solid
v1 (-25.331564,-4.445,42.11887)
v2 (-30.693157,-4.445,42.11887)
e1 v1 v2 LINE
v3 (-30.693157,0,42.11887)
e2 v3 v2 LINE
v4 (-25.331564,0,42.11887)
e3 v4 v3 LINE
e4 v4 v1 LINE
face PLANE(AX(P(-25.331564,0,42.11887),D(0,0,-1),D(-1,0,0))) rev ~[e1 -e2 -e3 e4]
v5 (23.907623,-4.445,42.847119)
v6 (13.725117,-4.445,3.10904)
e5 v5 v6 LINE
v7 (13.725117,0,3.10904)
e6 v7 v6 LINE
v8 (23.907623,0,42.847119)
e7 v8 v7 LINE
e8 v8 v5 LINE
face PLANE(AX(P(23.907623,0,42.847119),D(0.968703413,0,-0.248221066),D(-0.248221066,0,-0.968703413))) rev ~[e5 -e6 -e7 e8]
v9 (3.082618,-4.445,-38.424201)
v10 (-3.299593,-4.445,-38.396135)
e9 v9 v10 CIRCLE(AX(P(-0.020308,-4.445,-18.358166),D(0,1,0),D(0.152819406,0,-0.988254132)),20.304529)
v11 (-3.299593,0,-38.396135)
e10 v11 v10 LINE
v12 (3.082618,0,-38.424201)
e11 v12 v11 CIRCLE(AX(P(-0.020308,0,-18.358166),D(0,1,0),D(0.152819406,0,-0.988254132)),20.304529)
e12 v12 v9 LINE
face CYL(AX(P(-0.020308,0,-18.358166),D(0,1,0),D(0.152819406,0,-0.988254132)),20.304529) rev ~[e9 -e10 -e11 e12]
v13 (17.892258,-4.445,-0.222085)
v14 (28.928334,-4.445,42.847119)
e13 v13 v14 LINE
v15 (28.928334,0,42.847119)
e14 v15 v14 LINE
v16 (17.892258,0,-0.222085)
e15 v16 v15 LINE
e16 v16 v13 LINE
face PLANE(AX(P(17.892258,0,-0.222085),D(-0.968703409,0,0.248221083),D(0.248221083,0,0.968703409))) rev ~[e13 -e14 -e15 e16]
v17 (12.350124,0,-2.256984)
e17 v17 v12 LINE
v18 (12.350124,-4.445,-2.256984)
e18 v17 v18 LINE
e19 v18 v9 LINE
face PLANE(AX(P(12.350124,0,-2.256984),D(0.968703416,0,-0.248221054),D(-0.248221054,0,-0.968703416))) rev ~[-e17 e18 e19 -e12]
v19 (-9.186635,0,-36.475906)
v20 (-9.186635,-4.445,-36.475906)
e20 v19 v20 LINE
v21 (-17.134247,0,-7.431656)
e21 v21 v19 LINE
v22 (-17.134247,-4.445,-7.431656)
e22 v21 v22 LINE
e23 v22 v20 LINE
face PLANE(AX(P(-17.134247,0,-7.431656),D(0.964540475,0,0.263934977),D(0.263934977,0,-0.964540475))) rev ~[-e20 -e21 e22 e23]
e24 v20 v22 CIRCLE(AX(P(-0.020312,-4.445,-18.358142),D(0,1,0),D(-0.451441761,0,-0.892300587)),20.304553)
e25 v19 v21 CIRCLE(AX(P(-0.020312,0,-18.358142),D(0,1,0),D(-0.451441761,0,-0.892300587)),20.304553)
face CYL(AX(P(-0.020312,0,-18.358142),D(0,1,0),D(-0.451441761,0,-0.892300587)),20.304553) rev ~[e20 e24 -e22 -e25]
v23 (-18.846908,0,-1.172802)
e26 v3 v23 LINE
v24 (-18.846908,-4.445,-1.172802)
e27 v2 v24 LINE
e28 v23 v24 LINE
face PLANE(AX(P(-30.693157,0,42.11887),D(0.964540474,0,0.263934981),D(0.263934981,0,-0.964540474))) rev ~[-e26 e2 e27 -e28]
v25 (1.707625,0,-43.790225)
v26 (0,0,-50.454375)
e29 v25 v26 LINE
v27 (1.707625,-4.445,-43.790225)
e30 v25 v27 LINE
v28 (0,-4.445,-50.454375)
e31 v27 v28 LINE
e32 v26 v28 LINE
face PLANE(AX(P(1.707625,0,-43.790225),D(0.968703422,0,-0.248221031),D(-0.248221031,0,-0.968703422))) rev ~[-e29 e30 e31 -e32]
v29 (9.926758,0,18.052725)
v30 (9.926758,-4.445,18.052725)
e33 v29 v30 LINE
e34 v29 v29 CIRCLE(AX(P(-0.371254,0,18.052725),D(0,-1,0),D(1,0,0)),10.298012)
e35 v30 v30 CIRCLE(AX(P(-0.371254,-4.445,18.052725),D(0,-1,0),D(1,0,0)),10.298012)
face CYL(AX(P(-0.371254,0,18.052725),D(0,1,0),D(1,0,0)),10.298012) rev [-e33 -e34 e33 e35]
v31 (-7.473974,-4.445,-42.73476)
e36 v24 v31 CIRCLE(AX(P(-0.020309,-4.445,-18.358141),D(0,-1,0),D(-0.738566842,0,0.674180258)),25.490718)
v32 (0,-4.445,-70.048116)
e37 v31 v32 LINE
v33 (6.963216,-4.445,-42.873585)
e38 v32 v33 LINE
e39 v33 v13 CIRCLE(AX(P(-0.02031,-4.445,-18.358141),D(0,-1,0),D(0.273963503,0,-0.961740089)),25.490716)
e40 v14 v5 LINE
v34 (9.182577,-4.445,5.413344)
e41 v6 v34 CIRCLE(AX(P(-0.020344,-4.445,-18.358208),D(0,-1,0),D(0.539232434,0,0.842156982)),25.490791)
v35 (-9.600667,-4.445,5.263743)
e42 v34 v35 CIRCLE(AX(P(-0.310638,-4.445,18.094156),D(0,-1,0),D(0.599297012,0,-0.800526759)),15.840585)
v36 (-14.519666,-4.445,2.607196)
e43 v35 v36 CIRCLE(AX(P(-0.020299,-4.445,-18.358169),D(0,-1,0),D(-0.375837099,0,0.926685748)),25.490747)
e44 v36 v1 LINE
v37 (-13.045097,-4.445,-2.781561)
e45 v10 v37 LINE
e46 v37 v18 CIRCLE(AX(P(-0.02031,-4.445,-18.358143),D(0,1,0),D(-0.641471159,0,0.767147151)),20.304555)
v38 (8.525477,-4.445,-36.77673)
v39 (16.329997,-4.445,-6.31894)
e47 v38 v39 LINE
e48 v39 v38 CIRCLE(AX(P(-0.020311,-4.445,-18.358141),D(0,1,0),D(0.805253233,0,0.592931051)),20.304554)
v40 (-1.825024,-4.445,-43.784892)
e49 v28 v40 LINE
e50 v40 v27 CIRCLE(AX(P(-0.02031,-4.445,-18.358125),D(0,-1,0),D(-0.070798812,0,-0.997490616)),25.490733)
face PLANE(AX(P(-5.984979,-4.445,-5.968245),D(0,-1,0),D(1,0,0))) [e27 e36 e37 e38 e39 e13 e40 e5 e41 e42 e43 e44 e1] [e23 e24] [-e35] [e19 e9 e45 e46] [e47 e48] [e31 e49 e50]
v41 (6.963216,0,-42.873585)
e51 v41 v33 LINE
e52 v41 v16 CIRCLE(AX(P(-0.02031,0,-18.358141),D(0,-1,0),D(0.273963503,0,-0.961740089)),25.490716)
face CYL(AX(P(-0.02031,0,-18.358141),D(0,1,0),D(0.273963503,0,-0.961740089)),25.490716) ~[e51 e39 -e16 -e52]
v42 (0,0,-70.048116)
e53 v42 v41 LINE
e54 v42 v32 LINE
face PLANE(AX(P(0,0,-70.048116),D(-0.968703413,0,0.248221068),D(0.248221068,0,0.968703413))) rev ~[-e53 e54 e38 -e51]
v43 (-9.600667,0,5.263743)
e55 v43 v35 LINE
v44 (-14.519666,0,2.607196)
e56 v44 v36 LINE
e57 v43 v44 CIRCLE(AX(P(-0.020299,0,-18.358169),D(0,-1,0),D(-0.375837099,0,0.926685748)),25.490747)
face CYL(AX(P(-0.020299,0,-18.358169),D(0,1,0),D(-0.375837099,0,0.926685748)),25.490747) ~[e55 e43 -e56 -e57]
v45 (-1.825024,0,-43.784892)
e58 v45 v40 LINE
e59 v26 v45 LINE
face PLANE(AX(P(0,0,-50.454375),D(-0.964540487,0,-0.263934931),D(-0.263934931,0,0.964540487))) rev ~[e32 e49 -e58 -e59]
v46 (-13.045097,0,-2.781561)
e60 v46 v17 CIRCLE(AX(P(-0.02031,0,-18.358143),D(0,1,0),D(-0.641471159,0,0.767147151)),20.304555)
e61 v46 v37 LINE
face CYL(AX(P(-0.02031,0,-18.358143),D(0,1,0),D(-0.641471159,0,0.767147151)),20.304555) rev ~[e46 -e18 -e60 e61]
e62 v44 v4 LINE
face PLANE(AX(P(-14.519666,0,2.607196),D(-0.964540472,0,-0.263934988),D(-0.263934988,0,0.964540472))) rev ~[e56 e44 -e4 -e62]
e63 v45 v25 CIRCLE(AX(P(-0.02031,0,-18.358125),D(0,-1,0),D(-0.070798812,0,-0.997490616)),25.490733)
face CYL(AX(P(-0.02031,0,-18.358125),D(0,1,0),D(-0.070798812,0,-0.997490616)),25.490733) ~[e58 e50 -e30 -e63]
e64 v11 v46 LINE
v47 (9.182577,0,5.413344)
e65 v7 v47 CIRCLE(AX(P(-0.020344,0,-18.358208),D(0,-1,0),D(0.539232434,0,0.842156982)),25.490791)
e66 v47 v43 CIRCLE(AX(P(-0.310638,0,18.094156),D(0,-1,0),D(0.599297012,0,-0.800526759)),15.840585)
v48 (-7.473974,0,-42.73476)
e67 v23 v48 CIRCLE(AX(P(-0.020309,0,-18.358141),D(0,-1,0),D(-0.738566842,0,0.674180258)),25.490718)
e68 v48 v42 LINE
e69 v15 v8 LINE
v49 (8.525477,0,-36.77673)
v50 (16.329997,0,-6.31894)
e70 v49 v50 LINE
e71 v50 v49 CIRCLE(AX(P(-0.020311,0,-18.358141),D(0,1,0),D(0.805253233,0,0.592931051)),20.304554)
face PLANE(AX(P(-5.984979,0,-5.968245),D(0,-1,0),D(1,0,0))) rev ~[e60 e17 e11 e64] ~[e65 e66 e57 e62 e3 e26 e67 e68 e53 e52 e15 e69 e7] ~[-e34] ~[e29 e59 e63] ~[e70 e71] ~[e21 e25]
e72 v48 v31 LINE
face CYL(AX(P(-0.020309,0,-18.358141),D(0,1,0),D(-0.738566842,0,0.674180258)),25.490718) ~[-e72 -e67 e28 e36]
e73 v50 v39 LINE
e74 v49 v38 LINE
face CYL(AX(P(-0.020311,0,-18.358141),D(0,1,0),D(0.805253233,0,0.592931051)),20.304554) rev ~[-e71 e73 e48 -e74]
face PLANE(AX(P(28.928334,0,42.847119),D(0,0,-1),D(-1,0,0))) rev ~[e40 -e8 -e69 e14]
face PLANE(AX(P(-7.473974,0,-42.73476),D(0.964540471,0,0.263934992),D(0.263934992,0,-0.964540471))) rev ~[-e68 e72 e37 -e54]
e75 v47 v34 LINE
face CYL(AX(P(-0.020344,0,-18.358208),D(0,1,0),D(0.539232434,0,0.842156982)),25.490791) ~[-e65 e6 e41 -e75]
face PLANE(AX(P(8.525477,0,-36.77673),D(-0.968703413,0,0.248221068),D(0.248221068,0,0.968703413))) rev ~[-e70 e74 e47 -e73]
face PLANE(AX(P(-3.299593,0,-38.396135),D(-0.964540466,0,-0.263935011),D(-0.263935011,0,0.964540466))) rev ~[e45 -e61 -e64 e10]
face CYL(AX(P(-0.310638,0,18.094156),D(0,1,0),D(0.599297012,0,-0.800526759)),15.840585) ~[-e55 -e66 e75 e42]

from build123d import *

# Parameters (mm, degrees)
F0_R     = 10.298012
F1_DEPTH = 4.445


with BuildPart() as f1:
    # F0 (on Front) → F1 (new body)
    with BuildSketch(Plane.XZ):
        with BuildLine():
            Line((-7.473974, -42.73476), (0, -70.048116))
            Line((0, -70.048116), (6.963216, -42.873585))
            ThreePointArc((6.963216, -42.873585), (24.672634, -24.685474), (17.892258, -0.222085))
            ThreePointArc((17.892258, -0.222085), (15.896074, 1.552794), (13.725117, 3.10904))
            ThreePointArc((13.725117, 3.10904), (11.511547, 4.374938), (9.182577, 5.413344))
            ThreePointArc((9.182577, 5.413344), (-0.436797, 33.934239), (-9.600667, 5.263743))
            ThreePointArc((-9.600667, 5.263743), (-12.133214, 4.070729), (-14.519666, 2.607196))
            Line((-14.519666, 2.607196), (-25.331564, 42.11887))
            Line((-25.331564, 42.11887), (-30.693157, 42.11887))
            Line((-30.693157, 42.11887), (-18.846908, -1.172802))
            ThreePointArc((-18.846908, -1.172802), (-24.607138, -25.086033), (-7.473974, -42.73476))
        make_face()
        with BuildLine():
            ThreePointArc((-9.186635, -36.475906), (-19.604875, -23.717223), (-17.134247, -7.431656))
            Line((-17.134247, -7.431656), (-9.186635, -36.475906))
        make_face(mode=Mode.SUBTRACT)
        with BuildLine():
            Line((1.707625, -43.790225), (0, -50.454375))
            Line((0, -50.454375), (-1.825024, -43.784892))
            ThreePointArc((-1.825024, -43.784892), (-0.058792, -43.848829), (1.707625, -43.790225))
        make_face(mode=Mode.SUBTRACT)
        with BuildLine():
            Line((-3.299593, -38.396135), (-13.045097, -2.781561))
            ThreePointArc((-13.045097, -2.781561), (-0.439642, 1.942082), (12.350124, -2.256984))
            Line((12.350124, -2.256984), (3.082618, -38.424201))
            ThreePointArc((3.082618, -38.424201), (-0.109597, -38.662499), (-3.299593, -38.396135))
        make_face(mode=Mode.SUBTRACT)
        with BuildLine():
            Line((8.525477, -36.77673), (16.329997, -6.31894))
            ThreePointArc((16.329997, -6.31894), (19.64878, -23.398159), (8.525477, -36.77673))
        make_face(mode=Mode.SUBTRACT)
        with Locations((-0.371254, 18.052725)):
            Circle(F0_R, mode=Mode.SUBTRACT)
        with BuildLine():
            ThreePointArc((13.725117, 3.10904), (15.896074, 1.552794), (17.892258, -0.222085))
            Line((17.892258, -0.222085), (28.928334, 42.847119))
            Line((28.928334, 42.847119), (23.907623, 42.847119))
            Line((23.907623, 42.847119), (13.725117, 3.10904))
        make_face()
    extrude(amount=F1_DEPTH)


solid = f1.part
